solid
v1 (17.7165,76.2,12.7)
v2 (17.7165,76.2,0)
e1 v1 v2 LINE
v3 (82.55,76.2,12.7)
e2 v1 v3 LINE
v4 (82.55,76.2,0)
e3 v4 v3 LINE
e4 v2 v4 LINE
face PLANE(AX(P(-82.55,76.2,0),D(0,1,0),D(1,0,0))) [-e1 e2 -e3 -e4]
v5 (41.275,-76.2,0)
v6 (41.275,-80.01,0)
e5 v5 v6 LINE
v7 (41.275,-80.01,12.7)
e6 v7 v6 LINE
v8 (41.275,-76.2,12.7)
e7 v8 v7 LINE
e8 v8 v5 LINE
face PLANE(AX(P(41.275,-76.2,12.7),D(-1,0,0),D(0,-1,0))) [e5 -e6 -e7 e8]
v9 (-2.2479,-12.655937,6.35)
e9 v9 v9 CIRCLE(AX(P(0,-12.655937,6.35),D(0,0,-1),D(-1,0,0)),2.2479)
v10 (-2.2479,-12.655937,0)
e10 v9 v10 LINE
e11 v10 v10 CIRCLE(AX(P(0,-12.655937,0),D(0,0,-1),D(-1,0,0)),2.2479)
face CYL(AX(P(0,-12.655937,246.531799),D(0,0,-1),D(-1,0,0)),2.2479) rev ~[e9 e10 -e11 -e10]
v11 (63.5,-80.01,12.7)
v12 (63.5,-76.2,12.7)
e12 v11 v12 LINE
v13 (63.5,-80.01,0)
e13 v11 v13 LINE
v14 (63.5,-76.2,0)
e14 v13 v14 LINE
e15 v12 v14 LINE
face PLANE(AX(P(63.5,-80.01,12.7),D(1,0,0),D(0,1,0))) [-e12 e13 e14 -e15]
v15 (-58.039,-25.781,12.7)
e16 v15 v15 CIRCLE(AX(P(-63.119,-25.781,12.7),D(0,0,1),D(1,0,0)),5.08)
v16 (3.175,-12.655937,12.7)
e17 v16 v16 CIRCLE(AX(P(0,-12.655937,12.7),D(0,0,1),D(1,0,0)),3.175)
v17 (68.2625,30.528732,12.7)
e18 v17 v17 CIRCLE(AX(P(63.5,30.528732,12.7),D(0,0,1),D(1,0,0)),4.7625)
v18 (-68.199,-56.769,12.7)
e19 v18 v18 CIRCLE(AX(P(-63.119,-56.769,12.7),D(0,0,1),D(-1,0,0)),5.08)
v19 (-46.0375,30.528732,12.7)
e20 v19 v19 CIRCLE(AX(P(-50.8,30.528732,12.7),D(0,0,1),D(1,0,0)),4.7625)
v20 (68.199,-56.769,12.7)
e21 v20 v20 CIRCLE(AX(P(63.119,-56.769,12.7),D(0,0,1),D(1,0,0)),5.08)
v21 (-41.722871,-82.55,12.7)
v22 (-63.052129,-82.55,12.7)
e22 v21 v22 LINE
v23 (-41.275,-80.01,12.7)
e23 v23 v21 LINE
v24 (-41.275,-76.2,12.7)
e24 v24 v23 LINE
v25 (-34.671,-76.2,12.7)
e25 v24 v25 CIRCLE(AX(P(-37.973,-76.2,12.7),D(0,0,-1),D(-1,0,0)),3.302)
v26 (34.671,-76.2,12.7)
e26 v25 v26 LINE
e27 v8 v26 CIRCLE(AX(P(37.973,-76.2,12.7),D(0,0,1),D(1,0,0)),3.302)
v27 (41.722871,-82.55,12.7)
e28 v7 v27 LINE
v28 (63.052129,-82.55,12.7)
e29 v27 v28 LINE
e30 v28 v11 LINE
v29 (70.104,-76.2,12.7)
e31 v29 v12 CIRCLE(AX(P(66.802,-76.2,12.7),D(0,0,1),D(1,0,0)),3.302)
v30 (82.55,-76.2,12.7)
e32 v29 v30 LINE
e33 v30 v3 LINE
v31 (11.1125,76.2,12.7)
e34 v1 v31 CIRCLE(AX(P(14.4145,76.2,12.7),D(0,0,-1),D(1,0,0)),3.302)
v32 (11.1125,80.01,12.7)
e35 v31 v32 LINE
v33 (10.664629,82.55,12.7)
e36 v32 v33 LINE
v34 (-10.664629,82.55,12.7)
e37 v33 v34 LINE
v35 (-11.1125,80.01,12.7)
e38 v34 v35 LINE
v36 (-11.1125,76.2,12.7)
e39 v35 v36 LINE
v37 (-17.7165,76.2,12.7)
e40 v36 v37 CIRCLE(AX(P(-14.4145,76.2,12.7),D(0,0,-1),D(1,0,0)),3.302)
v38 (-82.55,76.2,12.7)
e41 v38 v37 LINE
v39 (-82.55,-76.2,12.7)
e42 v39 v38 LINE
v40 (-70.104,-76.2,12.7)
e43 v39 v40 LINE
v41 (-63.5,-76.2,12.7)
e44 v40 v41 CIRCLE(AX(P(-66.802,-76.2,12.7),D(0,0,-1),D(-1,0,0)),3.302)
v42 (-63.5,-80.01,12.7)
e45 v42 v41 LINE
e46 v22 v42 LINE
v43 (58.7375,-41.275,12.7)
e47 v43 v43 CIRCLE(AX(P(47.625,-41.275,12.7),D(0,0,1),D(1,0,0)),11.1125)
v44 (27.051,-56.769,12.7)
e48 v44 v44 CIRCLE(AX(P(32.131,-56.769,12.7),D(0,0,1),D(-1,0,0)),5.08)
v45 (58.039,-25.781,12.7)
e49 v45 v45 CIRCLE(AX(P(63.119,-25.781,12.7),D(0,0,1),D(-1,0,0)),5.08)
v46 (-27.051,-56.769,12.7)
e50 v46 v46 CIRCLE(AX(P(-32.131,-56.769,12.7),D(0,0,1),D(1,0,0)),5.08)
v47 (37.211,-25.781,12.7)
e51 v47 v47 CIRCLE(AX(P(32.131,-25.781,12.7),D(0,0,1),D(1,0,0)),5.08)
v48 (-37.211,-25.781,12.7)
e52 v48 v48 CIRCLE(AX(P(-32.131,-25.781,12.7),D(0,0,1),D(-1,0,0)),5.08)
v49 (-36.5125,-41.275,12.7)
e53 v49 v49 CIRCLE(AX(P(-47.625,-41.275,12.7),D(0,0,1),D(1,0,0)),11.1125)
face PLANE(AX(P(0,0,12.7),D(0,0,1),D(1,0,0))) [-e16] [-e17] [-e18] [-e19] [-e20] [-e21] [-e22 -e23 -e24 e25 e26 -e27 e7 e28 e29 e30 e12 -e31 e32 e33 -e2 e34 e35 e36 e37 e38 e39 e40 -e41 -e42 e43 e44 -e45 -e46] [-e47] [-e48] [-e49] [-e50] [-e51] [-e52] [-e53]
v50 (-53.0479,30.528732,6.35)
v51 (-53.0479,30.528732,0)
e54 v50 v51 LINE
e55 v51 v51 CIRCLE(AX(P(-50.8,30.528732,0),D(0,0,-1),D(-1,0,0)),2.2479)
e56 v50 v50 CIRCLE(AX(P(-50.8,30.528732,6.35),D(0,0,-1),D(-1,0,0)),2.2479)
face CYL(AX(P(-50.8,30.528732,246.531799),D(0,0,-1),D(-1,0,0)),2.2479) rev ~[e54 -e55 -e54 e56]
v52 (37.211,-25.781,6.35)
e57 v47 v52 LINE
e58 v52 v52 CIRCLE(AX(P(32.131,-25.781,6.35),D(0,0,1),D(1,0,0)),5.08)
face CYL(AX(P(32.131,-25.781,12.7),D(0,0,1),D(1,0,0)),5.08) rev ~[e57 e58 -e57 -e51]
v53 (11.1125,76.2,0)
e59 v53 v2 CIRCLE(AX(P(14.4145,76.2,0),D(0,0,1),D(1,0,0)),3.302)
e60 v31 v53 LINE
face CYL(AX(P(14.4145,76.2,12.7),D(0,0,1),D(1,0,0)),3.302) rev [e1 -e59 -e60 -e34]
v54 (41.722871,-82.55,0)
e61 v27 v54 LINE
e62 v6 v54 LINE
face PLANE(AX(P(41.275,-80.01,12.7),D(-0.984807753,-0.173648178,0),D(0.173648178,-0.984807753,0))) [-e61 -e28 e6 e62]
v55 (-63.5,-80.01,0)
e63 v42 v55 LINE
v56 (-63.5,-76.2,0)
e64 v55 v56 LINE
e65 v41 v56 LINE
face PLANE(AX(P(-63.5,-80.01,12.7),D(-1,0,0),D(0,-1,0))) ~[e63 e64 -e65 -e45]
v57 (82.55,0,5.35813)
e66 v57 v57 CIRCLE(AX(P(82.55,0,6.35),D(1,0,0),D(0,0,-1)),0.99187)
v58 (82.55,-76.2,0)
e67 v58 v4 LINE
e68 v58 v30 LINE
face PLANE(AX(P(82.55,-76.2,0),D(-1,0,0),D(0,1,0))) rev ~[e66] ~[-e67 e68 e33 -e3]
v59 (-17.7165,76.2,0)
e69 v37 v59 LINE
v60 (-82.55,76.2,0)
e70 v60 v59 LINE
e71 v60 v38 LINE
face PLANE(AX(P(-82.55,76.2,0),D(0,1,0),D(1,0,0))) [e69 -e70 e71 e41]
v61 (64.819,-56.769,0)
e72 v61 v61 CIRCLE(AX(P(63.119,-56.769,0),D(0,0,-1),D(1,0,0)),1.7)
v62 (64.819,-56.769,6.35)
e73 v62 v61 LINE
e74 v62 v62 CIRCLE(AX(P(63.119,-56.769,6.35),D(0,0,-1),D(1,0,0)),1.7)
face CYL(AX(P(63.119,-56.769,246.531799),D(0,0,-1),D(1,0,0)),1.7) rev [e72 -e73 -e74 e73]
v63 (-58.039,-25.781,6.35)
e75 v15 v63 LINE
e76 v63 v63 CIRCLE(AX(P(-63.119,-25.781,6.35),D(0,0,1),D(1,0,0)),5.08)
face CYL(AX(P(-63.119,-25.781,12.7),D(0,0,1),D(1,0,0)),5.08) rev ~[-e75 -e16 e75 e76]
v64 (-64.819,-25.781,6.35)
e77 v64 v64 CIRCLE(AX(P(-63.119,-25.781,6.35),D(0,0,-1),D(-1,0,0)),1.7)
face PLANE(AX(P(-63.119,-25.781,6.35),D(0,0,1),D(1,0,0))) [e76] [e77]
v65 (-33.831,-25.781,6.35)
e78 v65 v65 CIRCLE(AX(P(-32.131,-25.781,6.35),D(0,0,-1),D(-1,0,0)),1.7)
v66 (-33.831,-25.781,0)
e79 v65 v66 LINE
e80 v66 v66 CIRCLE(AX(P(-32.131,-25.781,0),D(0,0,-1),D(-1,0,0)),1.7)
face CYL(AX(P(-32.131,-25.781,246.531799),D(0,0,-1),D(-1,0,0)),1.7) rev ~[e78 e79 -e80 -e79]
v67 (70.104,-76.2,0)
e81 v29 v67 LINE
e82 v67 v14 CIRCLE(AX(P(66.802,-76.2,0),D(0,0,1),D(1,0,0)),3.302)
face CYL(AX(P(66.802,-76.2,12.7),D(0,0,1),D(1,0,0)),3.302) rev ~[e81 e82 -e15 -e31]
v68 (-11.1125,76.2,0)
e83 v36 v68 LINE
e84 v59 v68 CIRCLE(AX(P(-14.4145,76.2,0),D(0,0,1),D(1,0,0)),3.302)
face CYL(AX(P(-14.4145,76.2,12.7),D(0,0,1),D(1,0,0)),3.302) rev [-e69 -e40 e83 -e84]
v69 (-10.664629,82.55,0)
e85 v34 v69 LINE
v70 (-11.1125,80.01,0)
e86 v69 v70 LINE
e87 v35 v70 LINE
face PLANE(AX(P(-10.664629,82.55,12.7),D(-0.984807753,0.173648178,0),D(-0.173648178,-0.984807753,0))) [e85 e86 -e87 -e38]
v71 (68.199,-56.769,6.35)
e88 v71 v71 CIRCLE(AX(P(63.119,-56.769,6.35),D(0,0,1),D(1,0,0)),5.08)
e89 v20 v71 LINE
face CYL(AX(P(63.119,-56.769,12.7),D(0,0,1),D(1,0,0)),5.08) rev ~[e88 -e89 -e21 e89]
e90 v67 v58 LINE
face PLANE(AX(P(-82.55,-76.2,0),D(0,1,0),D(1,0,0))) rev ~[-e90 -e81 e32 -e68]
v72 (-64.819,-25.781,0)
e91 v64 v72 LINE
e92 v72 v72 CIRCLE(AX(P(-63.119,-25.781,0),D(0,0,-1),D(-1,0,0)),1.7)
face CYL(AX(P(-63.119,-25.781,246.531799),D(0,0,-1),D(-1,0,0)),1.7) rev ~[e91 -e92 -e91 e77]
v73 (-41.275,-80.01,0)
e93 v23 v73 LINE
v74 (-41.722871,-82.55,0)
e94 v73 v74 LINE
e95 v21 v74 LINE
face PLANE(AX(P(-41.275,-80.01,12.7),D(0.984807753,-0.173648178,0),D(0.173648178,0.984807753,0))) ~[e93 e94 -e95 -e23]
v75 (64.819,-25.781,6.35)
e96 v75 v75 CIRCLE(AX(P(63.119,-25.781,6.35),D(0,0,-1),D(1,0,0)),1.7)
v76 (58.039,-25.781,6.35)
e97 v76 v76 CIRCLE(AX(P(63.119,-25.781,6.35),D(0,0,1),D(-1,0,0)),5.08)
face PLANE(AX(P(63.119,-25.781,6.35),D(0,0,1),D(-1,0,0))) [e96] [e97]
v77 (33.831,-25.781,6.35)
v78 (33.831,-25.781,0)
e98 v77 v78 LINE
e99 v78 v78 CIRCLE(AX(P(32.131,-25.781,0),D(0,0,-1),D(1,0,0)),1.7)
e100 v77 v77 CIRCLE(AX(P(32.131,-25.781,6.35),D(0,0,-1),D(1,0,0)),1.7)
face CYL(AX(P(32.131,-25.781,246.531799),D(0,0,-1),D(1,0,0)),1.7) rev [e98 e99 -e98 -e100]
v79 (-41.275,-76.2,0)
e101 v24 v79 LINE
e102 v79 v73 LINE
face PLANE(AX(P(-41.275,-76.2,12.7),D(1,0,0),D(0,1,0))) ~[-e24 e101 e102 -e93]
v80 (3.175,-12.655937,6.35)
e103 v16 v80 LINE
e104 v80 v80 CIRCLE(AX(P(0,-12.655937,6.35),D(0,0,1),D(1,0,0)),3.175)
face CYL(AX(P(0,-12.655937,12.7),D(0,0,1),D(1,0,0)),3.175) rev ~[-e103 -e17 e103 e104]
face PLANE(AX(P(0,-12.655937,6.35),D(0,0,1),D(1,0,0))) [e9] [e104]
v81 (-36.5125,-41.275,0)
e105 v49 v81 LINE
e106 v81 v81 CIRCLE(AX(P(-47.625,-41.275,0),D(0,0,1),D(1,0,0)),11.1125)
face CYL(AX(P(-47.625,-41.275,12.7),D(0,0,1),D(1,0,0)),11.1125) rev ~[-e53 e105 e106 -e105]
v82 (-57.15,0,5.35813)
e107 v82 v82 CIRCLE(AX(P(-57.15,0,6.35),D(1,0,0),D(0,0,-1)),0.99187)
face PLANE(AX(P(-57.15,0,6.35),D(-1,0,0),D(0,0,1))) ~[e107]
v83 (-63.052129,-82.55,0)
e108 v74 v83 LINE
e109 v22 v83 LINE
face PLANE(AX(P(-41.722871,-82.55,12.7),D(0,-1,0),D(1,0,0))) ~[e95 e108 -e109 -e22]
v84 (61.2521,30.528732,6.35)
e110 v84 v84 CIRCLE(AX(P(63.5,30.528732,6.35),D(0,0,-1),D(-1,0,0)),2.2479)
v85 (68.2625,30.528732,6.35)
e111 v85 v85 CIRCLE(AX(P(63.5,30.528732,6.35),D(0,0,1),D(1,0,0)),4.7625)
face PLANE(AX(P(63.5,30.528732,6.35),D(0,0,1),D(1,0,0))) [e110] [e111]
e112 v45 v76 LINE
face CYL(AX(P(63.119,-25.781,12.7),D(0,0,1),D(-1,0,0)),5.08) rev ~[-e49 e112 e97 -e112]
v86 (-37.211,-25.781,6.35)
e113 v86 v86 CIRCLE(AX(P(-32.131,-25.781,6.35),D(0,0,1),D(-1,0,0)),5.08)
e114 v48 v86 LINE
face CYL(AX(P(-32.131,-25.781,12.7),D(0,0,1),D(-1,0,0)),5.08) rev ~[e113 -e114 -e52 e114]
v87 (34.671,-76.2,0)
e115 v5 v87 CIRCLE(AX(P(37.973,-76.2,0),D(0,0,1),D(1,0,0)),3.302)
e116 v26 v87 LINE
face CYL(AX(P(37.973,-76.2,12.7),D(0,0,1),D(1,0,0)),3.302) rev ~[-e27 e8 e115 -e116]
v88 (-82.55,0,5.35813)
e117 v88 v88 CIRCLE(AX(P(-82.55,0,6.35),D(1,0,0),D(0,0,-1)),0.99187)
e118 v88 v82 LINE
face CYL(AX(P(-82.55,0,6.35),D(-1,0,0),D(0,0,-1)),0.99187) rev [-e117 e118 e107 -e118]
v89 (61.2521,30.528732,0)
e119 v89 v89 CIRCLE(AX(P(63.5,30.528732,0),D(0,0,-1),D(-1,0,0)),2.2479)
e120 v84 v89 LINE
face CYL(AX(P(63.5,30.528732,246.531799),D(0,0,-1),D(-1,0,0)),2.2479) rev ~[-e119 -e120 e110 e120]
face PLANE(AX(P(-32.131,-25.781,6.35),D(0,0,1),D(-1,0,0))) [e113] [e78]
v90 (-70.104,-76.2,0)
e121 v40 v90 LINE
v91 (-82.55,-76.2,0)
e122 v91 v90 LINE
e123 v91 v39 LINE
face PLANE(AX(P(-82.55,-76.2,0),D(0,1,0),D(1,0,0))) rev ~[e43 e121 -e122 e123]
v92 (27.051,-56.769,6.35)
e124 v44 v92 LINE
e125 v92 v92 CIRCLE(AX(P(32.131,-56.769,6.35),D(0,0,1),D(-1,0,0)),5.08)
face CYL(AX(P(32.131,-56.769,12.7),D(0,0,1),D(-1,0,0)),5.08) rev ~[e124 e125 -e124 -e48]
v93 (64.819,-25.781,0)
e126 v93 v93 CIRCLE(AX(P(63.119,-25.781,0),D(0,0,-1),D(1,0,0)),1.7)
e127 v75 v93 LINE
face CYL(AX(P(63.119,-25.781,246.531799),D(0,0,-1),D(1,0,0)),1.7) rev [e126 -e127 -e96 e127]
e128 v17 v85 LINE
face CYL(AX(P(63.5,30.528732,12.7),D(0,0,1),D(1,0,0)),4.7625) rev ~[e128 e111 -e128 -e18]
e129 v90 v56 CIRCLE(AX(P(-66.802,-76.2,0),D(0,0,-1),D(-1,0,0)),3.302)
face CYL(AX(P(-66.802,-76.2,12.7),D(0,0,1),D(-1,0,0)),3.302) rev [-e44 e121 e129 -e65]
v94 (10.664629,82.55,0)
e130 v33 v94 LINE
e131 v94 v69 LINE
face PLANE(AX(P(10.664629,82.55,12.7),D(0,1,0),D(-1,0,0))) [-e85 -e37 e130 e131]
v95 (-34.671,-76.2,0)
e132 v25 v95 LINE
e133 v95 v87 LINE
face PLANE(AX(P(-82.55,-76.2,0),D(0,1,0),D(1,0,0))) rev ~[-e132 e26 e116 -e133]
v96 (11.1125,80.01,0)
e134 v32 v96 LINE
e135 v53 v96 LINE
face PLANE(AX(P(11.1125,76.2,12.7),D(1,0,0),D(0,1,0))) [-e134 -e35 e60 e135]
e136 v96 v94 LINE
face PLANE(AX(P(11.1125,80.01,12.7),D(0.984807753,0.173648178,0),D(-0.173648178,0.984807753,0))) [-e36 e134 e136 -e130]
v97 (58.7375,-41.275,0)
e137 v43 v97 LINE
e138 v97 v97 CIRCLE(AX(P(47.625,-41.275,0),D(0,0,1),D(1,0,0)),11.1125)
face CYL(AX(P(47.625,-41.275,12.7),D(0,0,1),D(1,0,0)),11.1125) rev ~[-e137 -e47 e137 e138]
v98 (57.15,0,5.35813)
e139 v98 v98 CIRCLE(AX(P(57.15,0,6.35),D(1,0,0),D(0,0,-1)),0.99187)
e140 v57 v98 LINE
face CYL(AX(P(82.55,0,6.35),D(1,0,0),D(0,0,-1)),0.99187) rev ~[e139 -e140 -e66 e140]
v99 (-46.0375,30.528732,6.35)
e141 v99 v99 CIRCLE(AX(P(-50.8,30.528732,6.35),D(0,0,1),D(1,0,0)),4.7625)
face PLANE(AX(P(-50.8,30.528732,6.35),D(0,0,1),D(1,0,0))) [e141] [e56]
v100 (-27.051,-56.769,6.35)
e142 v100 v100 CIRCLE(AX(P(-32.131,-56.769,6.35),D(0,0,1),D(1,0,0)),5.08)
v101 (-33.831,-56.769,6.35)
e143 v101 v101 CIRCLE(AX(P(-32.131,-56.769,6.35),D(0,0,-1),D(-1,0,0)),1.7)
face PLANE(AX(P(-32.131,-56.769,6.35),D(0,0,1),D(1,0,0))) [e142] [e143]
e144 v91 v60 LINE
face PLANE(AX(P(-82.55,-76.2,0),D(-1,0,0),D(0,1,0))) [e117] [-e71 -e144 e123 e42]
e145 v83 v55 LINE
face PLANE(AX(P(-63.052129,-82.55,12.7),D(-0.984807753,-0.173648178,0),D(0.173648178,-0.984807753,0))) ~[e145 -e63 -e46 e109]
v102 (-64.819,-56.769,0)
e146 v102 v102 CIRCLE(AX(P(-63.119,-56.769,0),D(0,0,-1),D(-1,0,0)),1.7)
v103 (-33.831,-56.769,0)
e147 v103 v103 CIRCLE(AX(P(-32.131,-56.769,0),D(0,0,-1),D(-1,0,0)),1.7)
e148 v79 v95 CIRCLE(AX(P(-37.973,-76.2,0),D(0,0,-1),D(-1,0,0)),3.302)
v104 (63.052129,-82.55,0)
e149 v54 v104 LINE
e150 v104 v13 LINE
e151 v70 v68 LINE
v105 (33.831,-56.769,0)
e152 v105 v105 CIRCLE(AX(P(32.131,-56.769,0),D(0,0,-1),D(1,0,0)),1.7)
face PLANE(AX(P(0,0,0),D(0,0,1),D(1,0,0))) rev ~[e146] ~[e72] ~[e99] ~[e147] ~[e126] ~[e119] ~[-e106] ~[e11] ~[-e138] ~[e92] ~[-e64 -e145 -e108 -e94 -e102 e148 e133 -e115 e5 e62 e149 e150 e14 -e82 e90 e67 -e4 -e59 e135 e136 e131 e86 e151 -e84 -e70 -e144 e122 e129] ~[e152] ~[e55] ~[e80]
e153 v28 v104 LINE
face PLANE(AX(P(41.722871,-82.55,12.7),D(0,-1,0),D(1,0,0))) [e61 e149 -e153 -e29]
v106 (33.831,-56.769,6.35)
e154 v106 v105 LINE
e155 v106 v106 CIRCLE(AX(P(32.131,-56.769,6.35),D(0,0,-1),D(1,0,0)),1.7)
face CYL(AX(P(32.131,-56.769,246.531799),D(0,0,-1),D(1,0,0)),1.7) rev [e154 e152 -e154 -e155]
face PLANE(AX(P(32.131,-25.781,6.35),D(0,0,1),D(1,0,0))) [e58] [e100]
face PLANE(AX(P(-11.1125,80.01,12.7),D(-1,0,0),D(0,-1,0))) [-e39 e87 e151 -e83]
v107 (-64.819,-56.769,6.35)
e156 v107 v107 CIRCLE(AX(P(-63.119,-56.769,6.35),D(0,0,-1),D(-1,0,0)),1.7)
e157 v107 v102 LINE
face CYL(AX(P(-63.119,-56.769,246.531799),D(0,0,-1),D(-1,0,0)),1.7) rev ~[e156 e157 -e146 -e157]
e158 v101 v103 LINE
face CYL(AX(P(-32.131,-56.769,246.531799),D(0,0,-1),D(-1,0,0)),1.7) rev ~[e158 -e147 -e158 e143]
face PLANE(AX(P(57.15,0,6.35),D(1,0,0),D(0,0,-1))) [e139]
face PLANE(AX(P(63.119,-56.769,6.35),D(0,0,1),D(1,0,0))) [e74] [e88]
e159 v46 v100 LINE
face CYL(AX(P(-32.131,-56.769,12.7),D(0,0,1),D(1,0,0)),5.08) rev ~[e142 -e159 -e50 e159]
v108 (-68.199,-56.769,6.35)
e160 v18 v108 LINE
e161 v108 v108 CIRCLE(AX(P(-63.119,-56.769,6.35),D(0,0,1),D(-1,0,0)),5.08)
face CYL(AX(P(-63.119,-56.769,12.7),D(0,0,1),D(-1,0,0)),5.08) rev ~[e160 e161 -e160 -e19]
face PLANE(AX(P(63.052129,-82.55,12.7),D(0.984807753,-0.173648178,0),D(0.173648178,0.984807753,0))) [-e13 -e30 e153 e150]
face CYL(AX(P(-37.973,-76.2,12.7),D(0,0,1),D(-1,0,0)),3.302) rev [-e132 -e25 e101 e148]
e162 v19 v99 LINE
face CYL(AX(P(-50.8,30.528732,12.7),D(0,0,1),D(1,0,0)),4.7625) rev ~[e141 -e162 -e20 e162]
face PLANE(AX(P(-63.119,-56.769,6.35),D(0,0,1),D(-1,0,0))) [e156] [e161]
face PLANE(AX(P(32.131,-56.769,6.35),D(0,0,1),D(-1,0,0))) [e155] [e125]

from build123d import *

# Parameters (mm, degrees)
SKETCH1_W             = 165.1
SKETCH1_H             = 152.4
BOSS_EXTRUDE1_DEPTH   = 12.7
BOSS_EXTRUDE2_DEPTH   = 12.7
CUT_EXTRUDE1_REACH    = 119.432
BOSS_EXTRUDE3_DEPTH   = 12.7
CUT_EXTRUDE2_DEPTH    = 12.7
SKETCH7_R             = 11.1125
CUT_EXTRUDE3_DEPTH    = 12.7
M3_CLEARANCE_HOLE1_D  = 3.4
SKETCH14_R            = 4.7625
CUT_EXTRUDE5_DEPTH    = 6.35
SKETCH13_R            = 3.175
CUT_EXTRUDE7_DEPTH    = 6.35
F_8_CLEARANCE_HOLE1_D = 4.4958
SKETCH18_R            = 5.08
CUT_EXTRUDE8_DEPTH    = 6.35
SKETCH20_R            = 0.99187
CUT_EXTRUDE9_DEPTH    = 25.4


with BuildPart() as part:
    # Sketch1 → Boss-Extrude1 (new body)
    with BuildSketch(Plane.XY):
        Rectangle(SKETCH1_W, SKETCH1_H)
    extrude(amount=BOSS_EXTRUDE1_DEPTH)

    # Sketch2 → Boss-Extrude2 (add)
    with BuildSketch(Plane.XY.offset(12.7)):
        Polygon((-11.1125, 76.2), (11.1125, 76.2), (11.1125, 80.01), (10.664629469, 82.55), (-10.664629469, 82.55), (-11.1125, 80.01), align=None)
    extrude(amount=-BOSS_EXTRUDE2_DEPTH)

    # Sketch4 → Cut-Extrude1 (cut, up to next)
    with BuildSketch(Plane.XY.offset(12.7), mode=Mode.PRIVATE) as cut_extrude1_sk1:
        with BuildLine():
            Line((-17.7165, 76.2), (-11.1125, 76.2))
            ThreePointArc((-11.1125, 76.2), (-14.4145, 72.898), (-17.7165, 76.2))
        make_face()
    cut_extrude1_tool1 = extrude(cut_extrude1_sk1.sketch, amount=-CUT_EXTRUDE1_REACH, mode=Mode.PRIVATE) & part.part
    # Sketch4 → Cut-Extrude1 (cut, up to next)
    with BuildSketch(Plane.XY.offset(12.7), mode=Mode.PRIVATE) as cut_extrude1_sk2:
        with BuildLine():
            Line((11.1125, 76.2), (17.7165, 76.2))
            ThreePointArc((17.7165, 76.2), (14.4145, 72.898), (11.1125, 76.2))
        make_face()
    cut_extrude1_tool2 = extrude(cut_extrude1_sk2.sketch, amount=-CUT_EXTRUDE1_REACH, mode=Mode.PRIVATE) & part.part
    add(cut_extrude1_tool1.solids().sort_by_distance((-14.4145, 74.798588, 12.7))[0], mode=Mode.SUBTRACT)
    add(cut_extrude1_tool2.solids().sort_by_distance((14.4145, 74.798588, 12.7))[0], mode=Mode.SUBTRACT)

    # Sketch5 → Boss-Extrude3 (add)
    with BuildSketch(Plane.XY.offset(12.7)):
        Polygon((63.5, -76.2), (41.275, -76.2), (41.275, -80.01), (41.722870531, -82.55), (63.052129469, -82.55), (63.5, -80.01), align=None)
    boss_extrude3 = extrude(amount=-BOSS_EXTRUDE3_DEPTH)

    # Sketch6 → Cut-Extrude2 (cut)
    with BuildSketch(Plane.XY.offset(12.7)):
        with BuildLine():
            Line((34.671, -76.2), (41.275, -76.2))
            ThreePointArc((41.275, -76.2), (37.973, -72.898), (34.671, -76.2))
        make_face()
        with BuildLine():
            Line((63.5, -76.2), (70.104, -76.2))
            ThreePointArc((70.104, -76.2), (66.802, -72.898), (63.5, -76.2))
        make_face()
    cut_extrude2 = extrude(amount=-CUT_EXTRUDE2_DEPTH, mode=Mode.SUBTRACT)

    # Mirror1: Boss-Extrude3, Cut-Extrude2 across plane
    add(boss_extrude3.mirror(Plane(origin=(0, 0, 0), x_dir=(0, 0, 1), z_dir=(1, 0, 0))))
    add(cut_extrude2.mirror(Plane(origin=(0, 0, 0), x_dir=(0, 0, 1), z_dir=(1, 0, 0))), mode=Mode.SUBTRACT)

    # Sketch7 → Cut-Extrude3 (cut)
    with BuildSketch(Plane.XY.offset(12.7)):
        with Locations((-47.625, -41.275)):
            Circle(SKETCH7_R)
        with Locations((47.625, -41.275)):
            Circle(SKETCH7_R)
    extrude(amount=-CUT_EXTRUDE3_DEPTH, mode=Mode.SUBTRACT)

    # M3 Clearance Hole1 (through all)
    with Locations(Plane.XY.offset(12.7)):
        with Locations((-63.119, -25.781), (-32.131, -25.781), (-32.131, -56.769), (-63.119, -56.769)):
            m3_clearance_hole1 = Hole(M3_CLEARANCE_HOLE1_D / 2)

    # Mirror2: M3 Clearance Hole1 across plane
    add(m3_clearance_hole1.mirror(Plane(origin=(0, 0, 0), x_dir=(0, 0, 1), z_dir=(1, 0, 0))), mode=Mode.SUBTRACT)

    # Sketch14 → Cut-Extrude5 (cut)
    with BuildSketch(Plane.XY.offset(12.7)):
        with Locations((-50.8, 30.528732114)):
            Circle(SKETCH14_R)
        with Locations((63.5, 30.528732114)):
            Circle(SKETCH14_R)
    extrude(amount=-CUT_EXTRUDE5_DEPTH, mode=Mode.SUBTRACT)

    # Sketch13 → Cut-Extrude7 (cut)
    with BuildSketch(Plane.XY.offset(12.7)):
        with Locations((0, -12.655936751)):
            Circle(SKETCH13_R)
    extrude(amount=-CUT_EXTRUDE7_DEPTH, mode=Mode.SUBTRACT)

    # #8 Clearance Hole1 (through all)
    with Locations(Plane.XY.offset(12.7)):
        with Locations((0, -12.655936751), (63.5, 30.528732114), (-50.8, 30.528732114)):
            Hole(F_8_CLEARANCE_HOLE1_D / 2)

    # Sketch18 → Cut-Extrude8 (cut)
    with BuildSketch(Plane.XY.offset(12.7)):
        with Locations((-63.119, -25.781)):
            Circle(SKETCH18_R)
        with Locations(Location((-63.119, -56.769, 0), (0, 0, 180))):
            Circle(SKETCH18_R)
        with Locations((-32.131, -56.769)):
            Circle(SKETCH18_R)
        with Locations(Location((-32.131, -25.781, 0), (0, 0, 180))):
            Circle(SKETCH18_R)
        with Locations((32.131, -25.781)):
            Circle(SKETCH18_R)
        with Locations(Location((32.131, -56.769, 0), (0, 0, 180))):
            Circle(SKETCH18_R)
        with Locations((63.119, -56.769)):
            Circle(SKETCH18_R)
        with Locations(Location((63.119, -25.781, 0), (0, 0, 180))):
            Circle(SKETCH18_R)
    extrude(amount=-CUT_EXTRUDE8_DEPTH, mode=Mode.SUBTRACT)

    # Sketch20 → Cut-Extrude9 (cut)
    with BuildSketch(Plane(origin=(82.55, 0, 0), x_dir=(0, 0, -1), z_dir=(1, 0, 0))):
        with Locations((-6.35, 0)):
            Circle(SKETCH20_R)
    cut_extrude9 = extrude(amount=-CUT_EXTRUDE9_DEPTH, mode=Mode.SUBTRACT)

    # Mirror3: Cut-Extrude9 across plane
    add(cut_extrude9.mirror(Plane(origin=(0, 0, 0), x_dir=(0, 0, 1), z_dir=(1, 0, 0))), mode=Mode.SUBTRACT)


solid = part.part
